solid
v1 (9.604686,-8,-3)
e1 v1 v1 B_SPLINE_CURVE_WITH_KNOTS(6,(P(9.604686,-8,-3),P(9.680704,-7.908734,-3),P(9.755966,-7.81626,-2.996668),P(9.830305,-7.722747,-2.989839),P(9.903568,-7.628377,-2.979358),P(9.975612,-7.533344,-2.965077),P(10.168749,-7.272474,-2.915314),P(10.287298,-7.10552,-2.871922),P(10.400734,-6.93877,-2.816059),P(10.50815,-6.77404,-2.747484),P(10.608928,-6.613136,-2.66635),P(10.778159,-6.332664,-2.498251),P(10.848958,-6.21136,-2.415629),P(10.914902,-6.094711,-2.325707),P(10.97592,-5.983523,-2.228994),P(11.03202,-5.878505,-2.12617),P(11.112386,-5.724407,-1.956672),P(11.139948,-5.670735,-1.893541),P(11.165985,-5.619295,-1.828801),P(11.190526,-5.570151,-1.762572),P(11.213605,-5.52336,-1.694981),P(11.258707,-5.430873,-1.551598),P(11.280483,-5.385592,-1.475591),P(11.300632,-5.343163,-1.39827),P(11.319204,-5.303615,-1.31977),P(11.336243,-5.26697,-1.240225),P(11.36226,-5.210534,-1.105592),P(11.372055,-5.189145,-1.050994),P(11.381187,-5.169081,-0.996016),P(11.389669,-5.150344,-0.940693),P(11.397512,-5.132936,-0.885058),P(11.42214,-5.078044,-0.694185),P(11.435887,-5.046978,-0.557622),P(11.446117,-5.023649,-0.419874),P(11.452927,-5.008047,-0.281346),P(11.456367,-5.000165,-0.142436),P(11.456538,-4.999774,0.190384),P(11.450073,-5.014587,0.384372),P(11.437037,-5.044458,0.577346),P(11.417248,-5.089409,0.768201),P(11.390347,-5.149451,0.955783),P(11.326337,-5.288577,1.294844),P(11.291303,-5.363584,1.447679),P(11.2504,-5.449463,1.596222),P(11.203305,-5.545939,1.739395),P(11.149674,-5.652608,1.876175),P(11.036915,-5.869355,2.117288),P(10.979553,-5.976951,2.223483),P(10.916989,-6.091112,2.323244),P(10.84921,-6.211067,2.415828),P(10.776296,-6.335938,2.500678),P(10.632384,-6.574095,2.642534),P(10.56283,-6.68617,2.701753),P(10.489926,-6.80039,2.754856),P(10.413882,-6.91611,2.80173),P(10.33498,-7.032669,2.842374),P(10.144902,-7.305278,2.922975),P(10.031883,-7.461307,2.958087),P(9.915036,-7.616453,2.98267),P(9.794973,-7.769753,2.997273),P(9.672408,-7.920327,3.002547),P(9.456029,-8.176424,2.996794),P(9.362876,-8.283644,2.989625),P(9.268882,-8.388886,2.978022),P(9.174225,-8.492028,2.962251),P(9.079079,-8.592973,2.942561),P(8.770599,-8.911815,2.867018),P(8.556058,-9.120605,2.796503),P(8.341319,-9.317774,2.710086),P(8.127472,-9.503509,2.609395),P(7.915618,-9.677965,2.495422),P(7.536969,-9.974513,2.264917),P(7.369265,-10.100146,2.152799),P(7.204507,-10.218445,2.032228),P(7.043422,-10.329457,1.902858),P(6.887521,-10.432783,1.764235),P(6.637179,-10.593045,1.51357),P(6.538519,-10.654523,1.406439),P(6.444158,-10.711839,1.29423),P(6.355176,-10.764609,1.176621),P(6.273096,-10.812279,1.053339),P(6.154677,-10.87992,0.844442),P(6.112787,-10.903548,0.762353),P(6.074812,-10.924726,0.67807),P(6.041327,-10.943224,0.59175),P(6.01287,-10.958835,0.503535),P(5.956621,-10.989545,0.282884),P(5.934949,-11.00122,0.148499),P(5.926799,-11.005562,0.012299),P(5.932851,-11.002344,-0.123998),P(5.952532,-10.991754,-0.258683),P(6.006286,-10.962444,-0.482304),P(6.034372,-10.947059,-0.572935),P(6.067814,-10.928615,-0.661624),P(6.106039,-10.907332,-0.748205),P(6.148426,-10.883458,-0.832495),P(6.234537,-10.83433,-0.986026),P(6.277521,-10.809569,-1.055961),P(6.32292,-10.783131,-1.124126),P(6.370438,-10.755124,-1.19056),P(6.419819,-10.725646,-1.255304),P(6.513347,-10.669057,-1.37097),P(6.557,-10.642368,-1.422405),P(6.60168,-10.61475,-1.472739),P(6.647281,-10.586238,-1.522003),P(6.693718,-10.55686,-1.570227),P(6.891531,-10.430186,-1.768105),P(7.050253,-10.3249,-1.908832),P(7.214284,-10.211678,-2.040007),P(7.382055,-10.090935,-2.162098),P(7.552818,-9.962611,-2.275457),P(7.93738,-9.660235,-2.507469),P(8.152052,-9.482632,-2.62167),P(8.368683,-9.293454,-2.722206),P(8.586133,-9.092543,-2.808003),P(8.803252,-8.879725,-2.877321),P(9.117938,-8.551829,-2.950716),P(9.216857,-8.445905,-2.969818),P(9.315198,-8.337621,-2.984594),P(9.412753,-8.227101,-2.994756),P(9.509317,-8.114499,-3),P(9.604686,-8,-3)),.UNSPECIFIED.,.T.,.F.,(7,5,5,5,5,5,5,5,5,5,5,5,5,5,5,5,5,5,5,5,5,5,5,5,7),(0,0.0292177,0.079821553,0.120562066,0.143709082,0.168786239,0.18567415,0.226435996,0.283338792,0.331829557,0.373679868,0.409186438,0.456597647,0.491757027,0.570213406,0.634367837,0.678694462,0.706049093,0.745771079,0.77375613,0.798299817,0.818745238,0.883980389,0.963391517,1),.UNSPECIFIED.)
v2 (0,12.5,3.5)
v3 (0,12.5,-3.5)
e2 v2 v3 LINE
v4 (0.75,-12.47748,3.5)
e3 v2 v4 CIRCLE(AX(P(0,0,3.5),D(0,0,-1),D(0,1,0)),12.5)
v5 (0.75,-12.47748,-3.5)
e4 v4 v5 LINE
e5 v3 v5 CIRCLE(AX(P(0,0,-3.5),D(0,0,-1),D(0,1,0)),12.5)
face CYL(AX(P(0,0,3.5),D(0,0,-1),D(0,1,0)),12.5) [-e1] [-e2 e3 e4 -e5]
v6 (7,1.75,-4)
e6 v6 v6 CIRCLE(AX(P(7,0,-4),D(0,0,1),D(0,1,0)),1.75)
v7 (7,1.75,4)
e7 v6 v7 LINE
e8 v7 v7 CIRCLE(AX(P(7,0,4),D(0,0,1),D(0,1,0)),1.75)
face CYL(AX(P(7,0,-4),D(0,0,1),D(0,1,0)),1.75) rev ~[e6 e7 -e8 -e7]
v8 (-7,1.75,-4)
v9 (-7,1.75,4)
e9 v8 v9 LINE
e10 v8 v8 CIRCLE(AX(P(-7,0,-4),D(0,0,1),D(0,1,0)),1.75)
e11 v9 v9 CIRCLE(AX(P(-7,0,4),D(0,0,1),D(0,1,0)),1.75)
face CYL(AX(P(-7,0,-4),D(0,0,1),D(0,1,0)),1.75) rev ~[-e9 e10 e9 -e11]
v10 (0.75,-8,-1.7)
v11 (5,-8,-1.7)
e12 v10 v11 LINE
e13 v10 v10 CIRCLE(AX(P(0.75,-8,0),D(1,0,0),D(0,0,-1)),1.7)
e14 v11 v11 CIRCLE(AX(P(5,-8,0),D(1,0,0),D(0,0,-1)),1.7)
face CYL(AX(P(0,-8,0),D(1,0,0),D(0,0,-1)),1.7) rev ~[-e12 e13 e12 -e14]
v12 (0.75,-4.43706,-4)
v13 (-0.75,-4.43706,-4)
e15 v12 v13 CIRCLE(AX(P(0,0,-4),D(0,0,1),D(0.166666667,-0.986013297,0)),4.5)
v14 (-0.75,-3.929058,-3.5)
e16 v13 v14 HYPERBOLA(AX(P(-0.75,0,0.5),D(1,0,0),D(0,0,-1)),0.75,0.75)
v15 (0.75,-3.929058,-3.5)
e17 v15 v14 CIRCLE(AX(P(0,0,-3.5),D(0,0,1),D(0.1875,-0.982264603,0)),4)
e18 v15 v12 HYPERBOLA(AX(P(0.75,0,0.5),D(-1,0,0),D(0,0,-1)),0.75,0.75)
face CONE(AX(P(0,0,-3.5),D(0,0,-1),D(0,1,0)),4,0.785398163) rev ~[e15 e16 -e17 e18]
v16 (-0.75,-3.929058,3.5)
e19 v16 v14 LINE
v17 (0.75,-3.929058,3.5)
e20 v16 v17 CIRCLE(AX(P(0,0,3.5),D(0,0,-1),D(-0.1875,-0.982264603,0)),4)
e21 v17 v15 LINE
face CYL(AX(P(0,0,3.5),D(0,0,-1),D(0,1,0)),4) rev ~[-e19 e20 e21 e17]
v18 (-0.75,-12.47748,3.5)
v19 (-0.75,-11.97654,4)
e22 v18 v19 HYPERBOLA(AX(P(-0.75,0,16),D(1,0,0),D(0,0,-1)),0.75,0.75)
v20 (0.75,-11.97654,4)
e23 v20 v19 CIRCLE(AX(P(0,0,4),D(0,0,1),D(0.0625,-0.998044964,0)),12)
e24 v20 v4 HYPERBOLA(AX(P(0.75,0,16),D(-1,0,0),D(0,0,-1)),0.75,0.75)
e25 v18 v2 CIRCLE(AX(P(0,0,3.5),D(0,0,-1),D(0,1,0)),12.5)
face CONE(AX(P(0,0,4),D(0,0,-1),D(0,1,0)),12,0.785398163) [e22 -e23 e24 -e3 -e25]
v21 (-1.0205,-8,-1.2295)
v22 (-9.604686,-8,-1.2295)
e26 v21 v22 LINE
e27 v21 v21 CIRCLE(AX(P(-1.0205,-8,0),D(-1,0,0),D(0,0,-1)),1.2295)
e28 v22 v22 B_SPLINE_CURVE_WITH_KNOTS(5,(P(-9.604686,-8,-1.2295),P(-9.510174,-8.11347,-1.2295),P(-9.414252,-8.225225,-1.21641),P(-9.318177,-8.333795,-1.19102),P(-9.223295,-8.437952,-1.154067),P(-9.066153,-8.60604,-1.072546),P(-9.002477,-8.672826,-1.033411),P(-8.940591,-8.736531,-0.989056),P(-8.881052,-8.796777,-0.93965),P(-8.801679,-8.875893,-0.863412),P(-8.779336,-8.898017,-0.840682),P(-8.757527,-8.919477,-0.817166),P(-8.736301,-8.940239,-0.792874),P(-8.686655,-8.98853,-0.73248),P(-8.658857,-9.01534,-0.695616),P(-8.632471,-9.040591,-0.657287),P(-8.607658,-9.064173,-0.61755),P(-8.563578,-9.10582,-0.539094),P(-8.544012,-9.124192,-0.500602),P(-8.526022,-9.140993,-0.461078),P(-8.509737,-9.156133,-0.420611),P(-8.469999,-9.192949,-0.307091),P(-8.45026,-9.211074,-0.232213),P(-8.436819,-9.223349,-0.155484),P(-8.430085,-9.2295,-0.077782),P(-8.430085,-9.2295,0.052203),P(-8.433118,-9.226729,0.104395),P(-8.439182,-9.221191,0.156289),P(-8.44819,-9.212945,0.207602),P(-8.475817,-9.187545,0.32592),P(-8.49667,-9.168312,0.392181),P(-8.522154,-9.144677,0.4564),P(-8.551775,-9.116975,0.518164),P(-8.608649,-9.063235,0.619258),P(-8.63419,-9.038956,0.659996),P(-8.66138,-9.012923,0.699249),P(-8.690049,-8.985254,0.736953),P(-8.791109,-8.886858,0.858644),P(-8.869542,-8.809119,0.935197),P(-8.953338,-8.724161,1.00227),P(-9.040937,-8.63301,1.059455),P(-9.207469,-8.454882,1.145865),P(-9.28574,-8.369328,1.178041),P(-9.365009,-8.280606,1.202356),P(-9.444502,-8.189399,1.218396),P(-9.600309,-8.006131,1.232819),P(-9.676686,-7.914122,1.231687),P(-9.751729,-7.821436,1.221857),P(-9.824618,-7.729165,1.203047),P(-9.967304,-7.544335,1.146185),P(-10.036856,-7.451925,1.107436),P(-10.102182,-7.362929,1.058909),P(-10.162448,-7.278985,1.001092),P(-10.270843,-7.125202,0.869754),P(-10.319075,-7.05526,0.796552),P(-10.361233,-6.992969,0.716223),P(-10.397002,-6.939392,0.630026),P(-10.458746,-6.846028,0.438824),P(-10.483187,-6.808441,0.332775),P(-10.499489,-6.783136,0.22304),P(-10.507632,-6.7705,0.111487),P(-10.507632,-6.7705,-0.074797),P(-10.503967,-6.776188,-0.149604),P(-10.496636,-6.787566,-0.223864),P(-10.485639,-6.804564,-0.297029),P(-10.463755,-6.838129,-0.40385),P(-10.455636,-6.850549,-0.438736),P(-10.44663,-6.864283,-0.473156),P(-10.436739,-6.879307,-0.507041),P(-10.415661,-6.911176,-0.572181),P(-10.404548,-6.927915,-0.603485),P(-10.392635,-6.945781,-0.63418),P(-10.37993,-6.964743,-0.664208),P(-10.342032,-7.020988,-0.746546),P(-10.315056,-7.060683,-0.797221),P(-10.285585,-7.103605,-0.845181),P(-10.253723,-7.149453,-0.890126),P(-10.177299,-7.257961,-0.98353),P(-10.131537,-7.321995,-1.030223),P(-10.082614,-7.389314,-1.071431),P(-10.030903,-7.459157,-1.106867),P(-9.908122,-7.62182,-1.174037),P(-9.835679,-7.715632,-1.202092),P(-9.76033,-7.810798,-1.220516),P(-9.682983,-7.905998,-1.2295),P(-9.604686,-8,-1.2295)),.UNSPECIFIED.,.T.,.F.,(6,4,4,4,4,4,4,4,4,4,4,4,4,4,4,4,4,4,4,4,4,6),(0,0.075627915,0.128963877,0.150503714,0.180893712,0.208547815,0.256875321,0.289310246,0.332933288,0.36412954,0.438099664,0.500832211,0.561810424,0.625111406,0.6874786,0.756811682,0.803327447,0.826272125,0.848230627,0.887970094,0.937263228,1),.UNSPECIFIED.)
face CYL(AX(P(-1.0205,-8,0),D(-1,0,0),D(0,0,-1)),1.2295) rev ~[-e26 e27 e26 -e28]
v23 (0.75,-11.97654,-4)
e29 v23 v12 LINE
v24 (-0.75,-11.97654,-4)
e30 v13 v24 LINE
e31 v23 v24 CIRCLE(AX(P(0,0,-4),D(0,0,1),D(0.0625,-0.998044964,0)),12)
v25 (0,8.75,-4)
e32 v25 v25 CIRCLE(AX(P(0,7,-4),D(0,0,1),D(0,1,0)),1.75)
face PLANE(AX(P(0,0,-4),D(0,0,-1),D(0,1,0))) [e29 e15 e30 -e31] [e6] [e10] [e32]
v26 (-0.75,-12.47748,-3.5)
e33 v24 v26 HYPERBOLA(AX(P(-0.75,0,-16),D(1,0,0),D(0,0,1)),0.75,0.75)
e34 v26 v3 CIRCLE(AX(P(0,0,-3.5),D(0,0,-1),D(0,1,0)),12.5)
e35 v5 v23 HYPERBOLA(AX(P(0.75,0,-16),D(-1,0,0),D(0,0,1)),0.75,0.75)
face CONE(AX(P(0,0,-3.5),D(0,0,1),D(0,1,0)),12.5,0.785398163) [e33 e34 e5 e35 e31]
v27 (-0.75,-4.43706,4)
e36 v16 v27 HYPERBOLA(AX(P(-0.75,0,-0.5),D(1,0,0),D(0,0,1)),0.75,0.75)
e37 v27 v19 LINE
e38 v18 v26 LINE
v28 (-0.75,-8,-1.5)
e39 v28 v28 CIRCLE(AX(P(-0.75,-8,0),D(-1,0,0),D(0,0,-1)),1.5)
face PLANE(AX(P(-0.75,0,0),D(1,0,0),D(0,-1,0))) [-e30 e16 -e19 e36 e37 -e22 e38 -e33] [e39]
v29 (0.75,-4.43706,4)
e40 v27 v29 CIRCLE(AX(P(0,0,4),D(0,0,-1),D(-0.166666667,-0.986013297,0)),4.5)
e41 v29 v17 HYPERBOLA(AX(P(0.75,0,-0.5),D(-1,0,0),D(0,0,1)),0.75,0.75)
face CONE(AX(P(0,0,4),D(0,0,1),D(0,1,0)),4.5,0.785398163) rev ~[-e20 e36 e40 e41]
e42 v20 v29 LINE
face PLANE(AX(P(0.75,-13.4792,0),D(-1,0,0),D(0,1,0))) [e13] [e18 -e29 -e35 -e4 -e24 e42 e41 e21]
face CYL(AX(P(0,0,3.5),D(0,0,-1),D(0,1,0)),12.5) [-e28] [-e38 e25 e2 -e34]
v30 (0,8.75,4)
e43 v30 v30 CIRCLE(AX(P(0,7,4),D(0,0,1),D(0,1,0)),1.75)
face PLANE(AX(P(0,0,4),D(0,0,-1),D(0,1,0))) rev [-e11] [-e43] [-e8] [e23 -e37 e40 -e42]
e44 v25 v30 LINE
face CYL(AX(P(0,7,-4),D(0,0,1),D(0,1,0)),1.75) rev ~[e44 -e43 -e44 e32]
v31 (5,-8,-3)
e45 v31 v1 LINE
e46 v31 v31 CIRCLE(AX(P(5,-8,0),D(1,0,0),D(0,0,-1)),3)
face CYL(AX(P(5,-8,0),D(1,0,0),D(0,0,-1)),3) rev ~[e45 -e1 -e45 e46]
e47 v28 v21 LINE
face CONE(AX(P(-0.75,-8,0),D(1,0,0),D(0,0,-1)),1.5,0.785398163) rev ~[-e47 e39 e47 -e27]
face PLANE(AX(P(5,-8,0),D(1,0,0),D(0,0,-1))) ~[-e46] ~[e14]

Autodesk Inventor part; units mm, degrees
sketch "Sketch_14" plane through (0, 0, 0) normal (1, 0, 0) x (0, 1, 0)
  line L0 (0, -4) -> (0, 4)
  line L1 (0, 4) -> (12, 4)
  line L2 (12, 4) -> (12.5, 3.5)
  line L3 (12.5, 3.5) -> (12.5, -3.5)
  line L4 (12.5, -3.5) -> (12, -4)
  line L5 (12, -4) -> (0, -4)
  line L6 (0, -4) -> (0, 4)
revolve "Revolution1" add sketch "Sketch_14" angle 360 about axis through (0, 0, -4) along (0, 0, -1)
sketch "Sketch_15" plane through (0, 0, 0) normal (1, 0, 0) x (0, 1, 0)
  line L0 (0, -4) -> (0, 4)
  line L1 (0, 4) -> (4.5, 4)
  line L2 (4.5, 4) -> (4, 3.5)
  line L3 (4, 3.5) -> (4, -3.5)
  line L4 (4, -3.5) -> (4.5, -4)
  line L5 (4.5, -4) -> (0, -4)
  line L6 (0, -4) -> (0, 4)
revolve "Revolution2" cut sketch "Sketch_15" angle 360 about axis through (0, 0, -4) along (0, 0, -1)
sketch "Sketch_16" plane through (0, 0, 0) normal (0, 0, 1) x (1, 0, 0)
  arc A0 (-0.75, -13.4792) -> (0.75, -13.4792) centre (0, 0) ccw
  line L0 (0.75, -13.4792) -> (0.75, 0)
  line L1 (0.75, 0) -> (-0.75, 0)
  line L2 (-0.75, 0) -> (-0.75, -13.4792)
extrude "Extrusion1" cut sketch "Sketch_16" along normal mid plane 8
sketch "Sketch4" plane through (0, 0, -4) normal (0, 0, -1) x (-1, 0, 0)
  point P0 (-7, 0)
hole "Hole1" at (7, 0, -4) direction (0, 0, 1) diameter 3.5 depth 8
sketch "Sketch5" plane through (0, 0, -4) normal (0, 0, -1) x (-1, 0, 0)
  point P0 (7, 0)
hole "Hole2" at (-7, 0, -4) direction (0, 0, 1) diameter 3.5 depth 8
sketch "Sketch6" plane through (0, 0, -4) normal (0, 0, -1) x (-1, 0, 0)
  point P0 (0, 7)
hole "Hole3" at (0, 7, -4) direction (0, 0, 1) diameter 3.5 depth 8
sketch "Sketch_23" plane through (0, -8, 0) normal (0, 1, 0) x (1, 0, 0)
  line L0 (12.5, 0) -> (0, 0)
  line L1 (0, 0) -> (0, 1.7)
  line L2 (0, 1.7) -> (5, 1.7)
  line L3 (5, 1.7) -> (5, 3)
  line L4 (5, 3) -> (12.5, 3)
  line L5 (12.5, 3) -> (12.5, 0)
  line L6 (12.5, 0) -> (0, 0)
revolve "Revolution3" cut sketch "Sketch_23" angle 360 about axis through (12.5, -8, 0) along (1, 0, 0)
sketch "Sketch8" plane through (-0.75, -11.9765, 4) normal (1, 0, 0) x (0, 0, -1)
  point P0 (4, 3.9765)
hole "Hole4" at (-0.75, -8, 0) direction (-1, 0, 0) diameter 2.459 depth 9.9271 countersink diameter 3 countersink angle 90 thread size "M3x0.5" class "6H" standard "ISO Metric profile"
ref_plane "to_bolt_XY" through (5, -8, 0) normal (1, 0, 0) x (0, 0, -1)
ref_plane "to_bolt_YZ" through (5, -8, 0) normal (0, 0, -1) x (0, 1, 0)
ref_plane "to_bolt_ZX" through (5, -8, 0) normal (0, 1, 0) x (1, 0, 0)
properties part number "SCST8-8b"
